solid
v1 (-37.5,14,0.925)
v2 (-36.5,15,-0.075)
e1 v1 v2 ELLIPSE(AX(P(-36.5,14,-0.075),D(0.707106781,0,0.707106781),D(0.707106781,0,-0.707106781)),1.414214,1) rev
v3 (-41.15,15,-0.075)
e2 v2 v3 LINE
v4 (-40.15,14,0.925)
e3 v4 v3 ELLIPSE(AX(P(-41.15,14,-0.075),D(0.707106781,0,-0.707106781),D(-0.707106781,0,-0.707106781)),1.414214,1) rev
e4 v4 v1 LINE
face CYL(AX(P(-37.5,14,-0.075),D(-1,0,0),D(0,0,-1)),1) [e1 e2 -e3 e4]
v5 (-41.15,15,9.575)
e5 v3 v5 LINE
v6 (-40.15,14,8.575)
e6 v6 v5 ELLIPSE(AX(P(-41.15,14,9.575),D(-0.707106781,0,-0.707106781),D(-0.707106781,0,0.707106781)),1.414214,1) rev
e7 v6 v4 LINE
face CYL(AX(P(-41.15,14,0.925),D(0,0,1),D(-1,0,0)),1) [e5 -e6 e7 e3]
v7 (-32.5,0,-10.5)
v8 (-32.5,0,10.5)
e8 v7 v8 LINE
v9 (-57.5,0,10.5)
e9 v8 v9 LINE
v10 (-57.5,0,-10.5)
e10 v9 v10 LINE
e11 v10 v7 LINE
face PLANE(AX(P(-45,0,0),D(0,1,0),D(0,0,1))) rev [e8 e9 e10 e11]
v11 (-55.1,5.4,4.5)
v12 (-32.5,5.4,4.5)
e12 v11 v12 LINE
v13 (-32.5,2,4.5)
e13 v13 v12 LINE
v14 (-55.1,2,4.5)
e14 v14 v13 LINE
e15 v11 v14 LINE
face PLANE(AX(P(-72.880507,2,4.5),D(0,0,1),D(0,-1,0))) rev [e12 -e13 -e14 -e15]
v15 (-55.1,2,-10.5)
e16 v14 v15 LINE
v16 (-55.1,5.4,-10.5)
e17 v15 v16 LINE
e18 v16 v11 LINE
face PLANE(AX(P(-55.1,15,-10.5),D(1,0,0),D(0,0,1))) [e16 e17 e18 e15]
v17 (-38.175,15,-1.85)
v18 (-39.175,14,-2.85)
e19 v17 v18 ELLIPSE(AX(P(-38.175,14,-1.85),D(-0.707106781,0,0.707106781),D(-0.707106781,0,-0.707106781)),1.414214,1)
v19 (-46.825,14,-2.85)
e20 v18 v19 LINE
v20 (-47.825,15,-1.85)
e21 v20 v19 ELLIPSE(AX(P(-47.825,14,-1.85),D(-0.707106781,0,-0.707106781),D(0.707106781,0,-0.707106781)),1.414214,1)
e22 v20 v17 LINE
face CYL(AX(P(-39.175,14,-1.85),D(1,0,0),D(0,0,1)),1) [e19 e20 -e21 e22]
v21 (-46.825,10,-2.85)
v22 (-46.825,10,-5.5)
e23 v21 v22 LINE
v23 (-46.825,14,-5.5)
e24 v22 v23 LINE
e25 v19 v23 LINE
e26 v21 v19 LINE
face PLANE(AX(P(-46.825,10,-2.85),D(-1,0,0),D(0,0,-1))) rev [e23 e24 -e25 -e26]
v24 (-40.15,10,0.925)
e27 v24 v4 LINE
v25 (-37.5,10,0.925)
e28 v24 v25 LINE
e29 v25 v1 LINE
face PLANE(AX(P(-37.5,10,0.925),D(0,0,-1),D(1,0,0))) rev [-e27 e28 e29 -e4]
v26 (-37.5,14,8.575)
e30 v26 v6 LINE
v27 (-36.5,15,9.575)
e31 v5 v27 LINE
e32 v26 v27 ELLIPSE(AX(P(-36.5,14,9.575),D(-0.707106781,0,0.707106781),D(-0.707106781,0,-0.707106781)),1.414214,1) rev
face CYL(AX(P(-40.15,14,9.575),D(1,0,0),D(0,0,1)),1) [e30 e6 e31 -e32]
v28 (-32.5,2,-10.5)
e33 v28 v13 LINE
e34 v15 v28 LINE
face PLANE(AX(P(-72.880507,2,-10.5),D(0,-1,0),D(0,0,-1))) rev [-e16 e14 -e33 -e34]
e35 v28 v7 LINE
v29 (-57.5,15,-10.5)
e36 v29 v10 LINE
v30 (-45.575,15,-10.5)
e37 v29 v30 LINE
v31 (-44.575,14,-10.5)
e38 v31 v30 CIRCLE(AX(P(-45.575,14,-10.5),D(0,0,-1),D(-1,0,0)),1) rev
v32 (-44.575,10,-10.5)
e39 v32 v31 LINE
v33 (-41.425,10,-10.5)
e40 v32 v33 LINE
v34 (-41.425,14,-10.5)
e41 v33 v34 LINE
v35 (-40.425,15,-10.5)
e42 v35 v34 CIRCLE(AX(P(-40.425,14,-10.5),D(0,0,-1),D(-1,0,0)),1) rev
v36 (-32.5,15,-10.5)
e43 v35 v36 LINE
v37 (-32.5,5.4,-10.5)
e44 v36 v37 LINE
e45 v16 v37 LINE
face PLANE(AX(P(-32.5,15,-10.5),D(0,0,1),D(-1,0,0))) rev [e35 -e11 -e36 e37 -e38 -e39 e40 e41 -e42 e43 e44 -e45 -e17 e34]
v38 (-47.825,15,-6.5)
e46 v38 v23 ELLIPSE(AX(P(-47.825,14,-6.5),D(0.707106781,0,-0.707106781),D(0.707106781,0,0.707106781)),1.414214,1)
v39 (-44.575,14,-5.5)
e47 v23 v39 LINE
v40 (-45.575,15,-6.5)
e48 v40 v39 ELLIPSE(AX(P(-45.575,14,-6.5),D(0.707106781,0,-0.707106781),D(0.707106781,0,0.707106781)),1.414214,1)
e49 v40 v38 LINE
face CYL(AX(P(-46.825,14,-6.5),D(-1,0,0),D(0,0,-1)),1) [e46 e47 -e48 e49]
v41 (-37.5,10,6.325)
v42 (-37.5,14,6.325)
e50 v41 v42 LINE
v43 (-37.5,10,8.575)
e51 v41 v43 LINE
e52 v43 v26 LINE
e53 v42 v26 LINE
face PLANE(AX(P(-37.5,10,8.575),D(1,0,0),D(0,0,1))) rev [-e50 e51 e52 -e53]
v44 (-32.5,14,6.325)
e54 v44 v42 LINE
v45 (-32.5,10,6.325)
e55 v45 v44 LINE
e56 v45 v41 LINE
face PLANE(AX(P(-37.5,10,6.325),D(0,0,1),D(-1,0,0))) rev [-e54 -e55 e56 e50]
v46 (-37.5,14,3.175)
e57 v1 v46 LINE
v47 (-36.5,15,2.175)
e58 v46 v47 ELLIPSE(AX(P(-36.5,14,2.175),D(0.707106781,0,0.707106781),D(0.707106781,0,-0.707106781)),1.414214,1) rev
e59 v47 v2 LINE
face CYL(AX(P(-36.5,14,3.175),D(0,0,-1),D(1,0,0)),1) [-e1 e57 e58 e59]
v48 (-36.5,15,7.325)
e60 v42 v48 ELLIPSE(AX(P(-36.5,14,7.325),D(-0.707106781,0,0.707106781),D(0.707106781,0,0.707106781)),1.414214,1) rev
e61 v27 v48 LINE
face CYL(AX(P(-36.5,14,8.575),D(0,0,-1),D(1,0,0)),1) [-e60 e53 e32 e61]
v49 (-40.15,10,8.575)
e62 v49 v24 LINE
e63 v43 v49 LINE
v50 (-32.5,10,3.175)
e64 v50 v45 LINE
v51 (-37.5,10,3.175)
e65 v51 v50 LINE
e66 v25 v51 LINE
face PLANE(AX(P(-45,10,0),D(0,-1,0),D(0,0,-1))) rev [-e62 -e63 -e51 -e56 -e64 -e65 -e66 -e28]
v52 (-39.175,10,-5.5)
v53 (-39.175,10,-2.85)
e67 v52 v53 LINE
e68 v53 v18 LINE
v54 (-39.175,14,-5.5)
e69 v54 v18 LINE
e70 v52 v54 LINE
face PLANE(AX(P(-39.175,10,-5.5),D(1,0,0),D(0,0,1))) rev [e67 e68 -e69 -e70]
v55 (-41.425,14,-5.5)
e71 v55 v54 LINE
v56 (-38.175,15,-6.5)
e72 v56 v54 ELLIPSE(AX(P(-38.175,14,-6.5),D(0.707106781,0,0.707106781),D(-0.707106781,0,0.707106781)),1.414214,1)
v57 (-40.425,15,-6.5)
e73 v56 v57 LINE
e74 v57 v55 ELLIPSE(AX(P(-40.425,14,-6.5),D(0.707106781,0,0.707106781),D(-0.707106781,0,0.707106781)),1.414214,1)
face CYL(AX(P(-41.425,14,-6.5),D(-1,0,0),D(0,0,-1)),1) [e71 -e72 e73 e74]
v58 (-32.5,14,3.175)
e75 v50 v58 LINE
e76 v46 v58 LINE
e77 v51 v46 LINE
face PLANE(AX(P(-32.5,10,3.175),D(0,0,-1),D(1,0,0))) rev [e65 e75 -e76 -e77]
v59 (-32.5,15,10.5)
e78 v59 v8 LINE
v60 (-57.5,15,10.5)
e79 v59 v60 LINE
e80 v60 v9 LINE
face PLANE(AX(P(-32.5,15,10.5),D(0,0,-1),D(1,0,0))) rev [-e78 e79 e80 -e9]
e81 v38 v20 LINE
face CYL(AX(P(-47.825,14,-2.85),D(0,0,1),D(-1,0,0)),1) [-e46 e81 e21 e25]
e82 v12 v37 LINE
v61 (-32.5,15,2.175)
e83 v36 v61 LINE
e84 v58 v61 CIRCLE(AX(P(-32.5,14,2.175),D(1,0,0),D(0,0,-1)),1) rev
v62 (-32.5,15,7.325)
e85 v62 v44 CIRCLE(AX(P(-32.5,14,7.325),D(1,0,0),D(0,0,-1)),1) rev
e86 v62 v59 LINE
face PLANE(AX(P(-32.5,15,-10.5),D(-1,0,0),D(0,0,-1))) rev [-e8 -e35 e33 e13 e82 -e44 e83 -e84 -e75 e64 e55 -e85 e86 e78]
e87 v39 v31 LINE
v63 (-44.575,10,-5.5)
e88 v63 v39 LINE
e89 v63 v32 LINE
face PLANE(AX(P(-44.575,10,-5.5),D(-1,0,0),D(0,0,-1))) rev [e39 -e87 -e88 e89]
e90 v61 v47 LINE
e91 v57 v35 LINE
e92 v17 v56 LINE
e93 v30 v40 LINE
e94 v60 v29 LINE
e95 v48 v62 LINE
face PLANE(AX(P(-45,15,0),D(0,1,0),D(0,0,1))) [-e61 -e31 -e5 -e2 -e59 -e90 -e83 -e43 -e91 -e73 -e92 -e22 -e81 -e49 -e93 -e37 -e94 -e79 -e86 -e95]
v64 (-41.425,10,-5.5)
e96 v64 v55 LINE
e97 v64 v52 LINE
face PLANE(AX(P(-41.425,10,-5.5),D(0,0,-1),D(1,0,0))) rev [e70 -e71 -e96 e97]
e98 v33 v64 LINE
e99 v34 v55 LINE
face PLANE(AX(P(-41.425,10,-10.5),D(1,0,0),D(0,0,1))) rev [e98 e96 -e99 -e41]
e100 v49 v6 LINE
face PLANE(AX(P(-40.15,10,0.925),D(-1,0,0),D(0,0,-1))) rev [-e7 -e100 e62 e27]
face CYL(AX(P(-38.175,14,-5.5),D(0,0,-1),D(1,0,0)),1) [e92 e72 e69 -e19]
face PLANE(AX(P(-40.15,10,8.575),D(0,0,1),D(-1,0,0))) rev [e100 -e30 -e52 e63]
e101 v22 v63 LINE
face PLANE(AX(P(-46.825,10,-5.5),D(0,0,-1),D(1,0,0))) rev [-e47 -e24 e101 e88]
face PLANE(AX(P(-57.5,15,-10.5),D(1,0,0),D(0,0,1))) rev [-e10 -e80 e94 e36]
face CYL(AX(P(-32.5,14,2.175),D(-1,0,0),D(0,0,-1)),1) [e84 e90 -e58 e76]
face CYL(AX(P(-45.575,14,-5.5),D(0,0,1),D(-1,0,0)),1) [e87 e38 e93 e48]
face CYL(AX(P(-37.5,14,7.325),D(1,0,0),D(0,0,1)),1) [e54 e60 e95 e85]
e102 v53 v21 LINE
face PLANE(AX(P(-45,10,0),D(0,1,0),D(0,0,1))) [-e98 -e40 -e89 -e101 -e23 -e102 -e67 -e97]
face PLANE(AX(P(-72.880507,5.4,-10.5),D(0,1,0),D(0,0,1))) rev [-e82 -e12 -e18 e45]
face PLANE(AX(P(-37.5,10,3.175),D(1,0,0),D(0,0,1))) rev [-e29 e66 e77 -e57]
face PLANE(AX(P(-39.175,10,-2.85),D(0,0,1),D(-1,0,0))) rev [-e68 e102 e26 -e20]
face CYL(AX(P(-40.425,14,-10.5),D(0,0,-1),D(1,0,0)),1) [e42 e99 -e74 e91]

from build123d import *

# Parameters (mm, degrees)
SKETCH1_W           = 25
SKETCH1_H           = 21
BOSS_EXTRUDE1_DEPTH = 15
SKETCH2_W           = 15
SKETCH2_H           = 3.4
CUT_EXTRUDE1_DEPTH  = 22.6
CUT_EXTRUDE2_DEPTH  = 5
FILLET1_R           = 1


with BuildPart() as part:
    # Sketch1 → Boss-Extrude1 (new body)
    with BuildSketch(Plane(origin=(0, 0, 0), x_dir=(1, 0, 0), z_dir=(0, 1, 0))):
        Rectangle(SKETCH1_W, SKETCH1_H)
    extrude(amount=BOSS_EXTRUDE1_DEPTH)

    # Sketch2 → Cut-Extrude1 (cut)
    with BuildSketch(Plane.ZY.offset(12.5)):
        with Locations((-3, 3.7)):
            Rectangle(SKETCH2_W, SKETCH2_H)
    extrude(amount=-CUT_EXTRUDE1_DEPTH, mode=Mode.SUBTRACT)

    # Sketch3 → Cut-Extrude2 (cut)
    with BuildSketch(Plane(origin=(0, 15, 0), x_dir=(1, 0, 0), z_dir=(0, 1, 0))):
        Polygon((-4.85, -0.925), (-4.85, -8.575), (-7.5, -8.575), (-7.5, -6.325), (-12.5, -6.325), (-12.5, -3.175), (-7.5, -3.175), (-7.5, -0.925), align=None)
        Polygon((-3.575, 10.5), (-3.575, 5.5), (-5.825, 5.5), (-5.825, 2.85), (1.825, 2.85), (1.825, 5.5), (-0.425, 5.5), (-0.425, 10.5), align=None)
    extrude(amount=-CUT_EXTRUDE2_DEPTH, mode=Mode.SUBTRACT)

    # Fillet1
    fillet1_edges = [part.edges().sort_by_distance(p)[0] for p in [
        (-6.175, 15, 0.925),
        (-7.5, 15, 2.05),
        (-10, 15, 3.175),
        (-10, 15, 6.325),
        (-7.5, 15, 7.45),
        (-6.175, 15, 8.575),
        (-4.85, 15, 4.75),
        (-3.575, 15, -8),
        (-4.7, 15, -5.5),
        (-5.825, 15, -4.175),
        (-2, 15, -2.85),
        (1.825, 15, -4.175),
        (0.7, 15, -5.5),
        (-0.425, 15, -8),
    ]]
    fillet(fillet1_edges, radius=FILLET1_R)


with BuildPart() as body_2:
    # Mirror2: mirrored copy
    add(part.part.mirror(Plane.ZY.offset(22.5)))


solid = body_2.part
